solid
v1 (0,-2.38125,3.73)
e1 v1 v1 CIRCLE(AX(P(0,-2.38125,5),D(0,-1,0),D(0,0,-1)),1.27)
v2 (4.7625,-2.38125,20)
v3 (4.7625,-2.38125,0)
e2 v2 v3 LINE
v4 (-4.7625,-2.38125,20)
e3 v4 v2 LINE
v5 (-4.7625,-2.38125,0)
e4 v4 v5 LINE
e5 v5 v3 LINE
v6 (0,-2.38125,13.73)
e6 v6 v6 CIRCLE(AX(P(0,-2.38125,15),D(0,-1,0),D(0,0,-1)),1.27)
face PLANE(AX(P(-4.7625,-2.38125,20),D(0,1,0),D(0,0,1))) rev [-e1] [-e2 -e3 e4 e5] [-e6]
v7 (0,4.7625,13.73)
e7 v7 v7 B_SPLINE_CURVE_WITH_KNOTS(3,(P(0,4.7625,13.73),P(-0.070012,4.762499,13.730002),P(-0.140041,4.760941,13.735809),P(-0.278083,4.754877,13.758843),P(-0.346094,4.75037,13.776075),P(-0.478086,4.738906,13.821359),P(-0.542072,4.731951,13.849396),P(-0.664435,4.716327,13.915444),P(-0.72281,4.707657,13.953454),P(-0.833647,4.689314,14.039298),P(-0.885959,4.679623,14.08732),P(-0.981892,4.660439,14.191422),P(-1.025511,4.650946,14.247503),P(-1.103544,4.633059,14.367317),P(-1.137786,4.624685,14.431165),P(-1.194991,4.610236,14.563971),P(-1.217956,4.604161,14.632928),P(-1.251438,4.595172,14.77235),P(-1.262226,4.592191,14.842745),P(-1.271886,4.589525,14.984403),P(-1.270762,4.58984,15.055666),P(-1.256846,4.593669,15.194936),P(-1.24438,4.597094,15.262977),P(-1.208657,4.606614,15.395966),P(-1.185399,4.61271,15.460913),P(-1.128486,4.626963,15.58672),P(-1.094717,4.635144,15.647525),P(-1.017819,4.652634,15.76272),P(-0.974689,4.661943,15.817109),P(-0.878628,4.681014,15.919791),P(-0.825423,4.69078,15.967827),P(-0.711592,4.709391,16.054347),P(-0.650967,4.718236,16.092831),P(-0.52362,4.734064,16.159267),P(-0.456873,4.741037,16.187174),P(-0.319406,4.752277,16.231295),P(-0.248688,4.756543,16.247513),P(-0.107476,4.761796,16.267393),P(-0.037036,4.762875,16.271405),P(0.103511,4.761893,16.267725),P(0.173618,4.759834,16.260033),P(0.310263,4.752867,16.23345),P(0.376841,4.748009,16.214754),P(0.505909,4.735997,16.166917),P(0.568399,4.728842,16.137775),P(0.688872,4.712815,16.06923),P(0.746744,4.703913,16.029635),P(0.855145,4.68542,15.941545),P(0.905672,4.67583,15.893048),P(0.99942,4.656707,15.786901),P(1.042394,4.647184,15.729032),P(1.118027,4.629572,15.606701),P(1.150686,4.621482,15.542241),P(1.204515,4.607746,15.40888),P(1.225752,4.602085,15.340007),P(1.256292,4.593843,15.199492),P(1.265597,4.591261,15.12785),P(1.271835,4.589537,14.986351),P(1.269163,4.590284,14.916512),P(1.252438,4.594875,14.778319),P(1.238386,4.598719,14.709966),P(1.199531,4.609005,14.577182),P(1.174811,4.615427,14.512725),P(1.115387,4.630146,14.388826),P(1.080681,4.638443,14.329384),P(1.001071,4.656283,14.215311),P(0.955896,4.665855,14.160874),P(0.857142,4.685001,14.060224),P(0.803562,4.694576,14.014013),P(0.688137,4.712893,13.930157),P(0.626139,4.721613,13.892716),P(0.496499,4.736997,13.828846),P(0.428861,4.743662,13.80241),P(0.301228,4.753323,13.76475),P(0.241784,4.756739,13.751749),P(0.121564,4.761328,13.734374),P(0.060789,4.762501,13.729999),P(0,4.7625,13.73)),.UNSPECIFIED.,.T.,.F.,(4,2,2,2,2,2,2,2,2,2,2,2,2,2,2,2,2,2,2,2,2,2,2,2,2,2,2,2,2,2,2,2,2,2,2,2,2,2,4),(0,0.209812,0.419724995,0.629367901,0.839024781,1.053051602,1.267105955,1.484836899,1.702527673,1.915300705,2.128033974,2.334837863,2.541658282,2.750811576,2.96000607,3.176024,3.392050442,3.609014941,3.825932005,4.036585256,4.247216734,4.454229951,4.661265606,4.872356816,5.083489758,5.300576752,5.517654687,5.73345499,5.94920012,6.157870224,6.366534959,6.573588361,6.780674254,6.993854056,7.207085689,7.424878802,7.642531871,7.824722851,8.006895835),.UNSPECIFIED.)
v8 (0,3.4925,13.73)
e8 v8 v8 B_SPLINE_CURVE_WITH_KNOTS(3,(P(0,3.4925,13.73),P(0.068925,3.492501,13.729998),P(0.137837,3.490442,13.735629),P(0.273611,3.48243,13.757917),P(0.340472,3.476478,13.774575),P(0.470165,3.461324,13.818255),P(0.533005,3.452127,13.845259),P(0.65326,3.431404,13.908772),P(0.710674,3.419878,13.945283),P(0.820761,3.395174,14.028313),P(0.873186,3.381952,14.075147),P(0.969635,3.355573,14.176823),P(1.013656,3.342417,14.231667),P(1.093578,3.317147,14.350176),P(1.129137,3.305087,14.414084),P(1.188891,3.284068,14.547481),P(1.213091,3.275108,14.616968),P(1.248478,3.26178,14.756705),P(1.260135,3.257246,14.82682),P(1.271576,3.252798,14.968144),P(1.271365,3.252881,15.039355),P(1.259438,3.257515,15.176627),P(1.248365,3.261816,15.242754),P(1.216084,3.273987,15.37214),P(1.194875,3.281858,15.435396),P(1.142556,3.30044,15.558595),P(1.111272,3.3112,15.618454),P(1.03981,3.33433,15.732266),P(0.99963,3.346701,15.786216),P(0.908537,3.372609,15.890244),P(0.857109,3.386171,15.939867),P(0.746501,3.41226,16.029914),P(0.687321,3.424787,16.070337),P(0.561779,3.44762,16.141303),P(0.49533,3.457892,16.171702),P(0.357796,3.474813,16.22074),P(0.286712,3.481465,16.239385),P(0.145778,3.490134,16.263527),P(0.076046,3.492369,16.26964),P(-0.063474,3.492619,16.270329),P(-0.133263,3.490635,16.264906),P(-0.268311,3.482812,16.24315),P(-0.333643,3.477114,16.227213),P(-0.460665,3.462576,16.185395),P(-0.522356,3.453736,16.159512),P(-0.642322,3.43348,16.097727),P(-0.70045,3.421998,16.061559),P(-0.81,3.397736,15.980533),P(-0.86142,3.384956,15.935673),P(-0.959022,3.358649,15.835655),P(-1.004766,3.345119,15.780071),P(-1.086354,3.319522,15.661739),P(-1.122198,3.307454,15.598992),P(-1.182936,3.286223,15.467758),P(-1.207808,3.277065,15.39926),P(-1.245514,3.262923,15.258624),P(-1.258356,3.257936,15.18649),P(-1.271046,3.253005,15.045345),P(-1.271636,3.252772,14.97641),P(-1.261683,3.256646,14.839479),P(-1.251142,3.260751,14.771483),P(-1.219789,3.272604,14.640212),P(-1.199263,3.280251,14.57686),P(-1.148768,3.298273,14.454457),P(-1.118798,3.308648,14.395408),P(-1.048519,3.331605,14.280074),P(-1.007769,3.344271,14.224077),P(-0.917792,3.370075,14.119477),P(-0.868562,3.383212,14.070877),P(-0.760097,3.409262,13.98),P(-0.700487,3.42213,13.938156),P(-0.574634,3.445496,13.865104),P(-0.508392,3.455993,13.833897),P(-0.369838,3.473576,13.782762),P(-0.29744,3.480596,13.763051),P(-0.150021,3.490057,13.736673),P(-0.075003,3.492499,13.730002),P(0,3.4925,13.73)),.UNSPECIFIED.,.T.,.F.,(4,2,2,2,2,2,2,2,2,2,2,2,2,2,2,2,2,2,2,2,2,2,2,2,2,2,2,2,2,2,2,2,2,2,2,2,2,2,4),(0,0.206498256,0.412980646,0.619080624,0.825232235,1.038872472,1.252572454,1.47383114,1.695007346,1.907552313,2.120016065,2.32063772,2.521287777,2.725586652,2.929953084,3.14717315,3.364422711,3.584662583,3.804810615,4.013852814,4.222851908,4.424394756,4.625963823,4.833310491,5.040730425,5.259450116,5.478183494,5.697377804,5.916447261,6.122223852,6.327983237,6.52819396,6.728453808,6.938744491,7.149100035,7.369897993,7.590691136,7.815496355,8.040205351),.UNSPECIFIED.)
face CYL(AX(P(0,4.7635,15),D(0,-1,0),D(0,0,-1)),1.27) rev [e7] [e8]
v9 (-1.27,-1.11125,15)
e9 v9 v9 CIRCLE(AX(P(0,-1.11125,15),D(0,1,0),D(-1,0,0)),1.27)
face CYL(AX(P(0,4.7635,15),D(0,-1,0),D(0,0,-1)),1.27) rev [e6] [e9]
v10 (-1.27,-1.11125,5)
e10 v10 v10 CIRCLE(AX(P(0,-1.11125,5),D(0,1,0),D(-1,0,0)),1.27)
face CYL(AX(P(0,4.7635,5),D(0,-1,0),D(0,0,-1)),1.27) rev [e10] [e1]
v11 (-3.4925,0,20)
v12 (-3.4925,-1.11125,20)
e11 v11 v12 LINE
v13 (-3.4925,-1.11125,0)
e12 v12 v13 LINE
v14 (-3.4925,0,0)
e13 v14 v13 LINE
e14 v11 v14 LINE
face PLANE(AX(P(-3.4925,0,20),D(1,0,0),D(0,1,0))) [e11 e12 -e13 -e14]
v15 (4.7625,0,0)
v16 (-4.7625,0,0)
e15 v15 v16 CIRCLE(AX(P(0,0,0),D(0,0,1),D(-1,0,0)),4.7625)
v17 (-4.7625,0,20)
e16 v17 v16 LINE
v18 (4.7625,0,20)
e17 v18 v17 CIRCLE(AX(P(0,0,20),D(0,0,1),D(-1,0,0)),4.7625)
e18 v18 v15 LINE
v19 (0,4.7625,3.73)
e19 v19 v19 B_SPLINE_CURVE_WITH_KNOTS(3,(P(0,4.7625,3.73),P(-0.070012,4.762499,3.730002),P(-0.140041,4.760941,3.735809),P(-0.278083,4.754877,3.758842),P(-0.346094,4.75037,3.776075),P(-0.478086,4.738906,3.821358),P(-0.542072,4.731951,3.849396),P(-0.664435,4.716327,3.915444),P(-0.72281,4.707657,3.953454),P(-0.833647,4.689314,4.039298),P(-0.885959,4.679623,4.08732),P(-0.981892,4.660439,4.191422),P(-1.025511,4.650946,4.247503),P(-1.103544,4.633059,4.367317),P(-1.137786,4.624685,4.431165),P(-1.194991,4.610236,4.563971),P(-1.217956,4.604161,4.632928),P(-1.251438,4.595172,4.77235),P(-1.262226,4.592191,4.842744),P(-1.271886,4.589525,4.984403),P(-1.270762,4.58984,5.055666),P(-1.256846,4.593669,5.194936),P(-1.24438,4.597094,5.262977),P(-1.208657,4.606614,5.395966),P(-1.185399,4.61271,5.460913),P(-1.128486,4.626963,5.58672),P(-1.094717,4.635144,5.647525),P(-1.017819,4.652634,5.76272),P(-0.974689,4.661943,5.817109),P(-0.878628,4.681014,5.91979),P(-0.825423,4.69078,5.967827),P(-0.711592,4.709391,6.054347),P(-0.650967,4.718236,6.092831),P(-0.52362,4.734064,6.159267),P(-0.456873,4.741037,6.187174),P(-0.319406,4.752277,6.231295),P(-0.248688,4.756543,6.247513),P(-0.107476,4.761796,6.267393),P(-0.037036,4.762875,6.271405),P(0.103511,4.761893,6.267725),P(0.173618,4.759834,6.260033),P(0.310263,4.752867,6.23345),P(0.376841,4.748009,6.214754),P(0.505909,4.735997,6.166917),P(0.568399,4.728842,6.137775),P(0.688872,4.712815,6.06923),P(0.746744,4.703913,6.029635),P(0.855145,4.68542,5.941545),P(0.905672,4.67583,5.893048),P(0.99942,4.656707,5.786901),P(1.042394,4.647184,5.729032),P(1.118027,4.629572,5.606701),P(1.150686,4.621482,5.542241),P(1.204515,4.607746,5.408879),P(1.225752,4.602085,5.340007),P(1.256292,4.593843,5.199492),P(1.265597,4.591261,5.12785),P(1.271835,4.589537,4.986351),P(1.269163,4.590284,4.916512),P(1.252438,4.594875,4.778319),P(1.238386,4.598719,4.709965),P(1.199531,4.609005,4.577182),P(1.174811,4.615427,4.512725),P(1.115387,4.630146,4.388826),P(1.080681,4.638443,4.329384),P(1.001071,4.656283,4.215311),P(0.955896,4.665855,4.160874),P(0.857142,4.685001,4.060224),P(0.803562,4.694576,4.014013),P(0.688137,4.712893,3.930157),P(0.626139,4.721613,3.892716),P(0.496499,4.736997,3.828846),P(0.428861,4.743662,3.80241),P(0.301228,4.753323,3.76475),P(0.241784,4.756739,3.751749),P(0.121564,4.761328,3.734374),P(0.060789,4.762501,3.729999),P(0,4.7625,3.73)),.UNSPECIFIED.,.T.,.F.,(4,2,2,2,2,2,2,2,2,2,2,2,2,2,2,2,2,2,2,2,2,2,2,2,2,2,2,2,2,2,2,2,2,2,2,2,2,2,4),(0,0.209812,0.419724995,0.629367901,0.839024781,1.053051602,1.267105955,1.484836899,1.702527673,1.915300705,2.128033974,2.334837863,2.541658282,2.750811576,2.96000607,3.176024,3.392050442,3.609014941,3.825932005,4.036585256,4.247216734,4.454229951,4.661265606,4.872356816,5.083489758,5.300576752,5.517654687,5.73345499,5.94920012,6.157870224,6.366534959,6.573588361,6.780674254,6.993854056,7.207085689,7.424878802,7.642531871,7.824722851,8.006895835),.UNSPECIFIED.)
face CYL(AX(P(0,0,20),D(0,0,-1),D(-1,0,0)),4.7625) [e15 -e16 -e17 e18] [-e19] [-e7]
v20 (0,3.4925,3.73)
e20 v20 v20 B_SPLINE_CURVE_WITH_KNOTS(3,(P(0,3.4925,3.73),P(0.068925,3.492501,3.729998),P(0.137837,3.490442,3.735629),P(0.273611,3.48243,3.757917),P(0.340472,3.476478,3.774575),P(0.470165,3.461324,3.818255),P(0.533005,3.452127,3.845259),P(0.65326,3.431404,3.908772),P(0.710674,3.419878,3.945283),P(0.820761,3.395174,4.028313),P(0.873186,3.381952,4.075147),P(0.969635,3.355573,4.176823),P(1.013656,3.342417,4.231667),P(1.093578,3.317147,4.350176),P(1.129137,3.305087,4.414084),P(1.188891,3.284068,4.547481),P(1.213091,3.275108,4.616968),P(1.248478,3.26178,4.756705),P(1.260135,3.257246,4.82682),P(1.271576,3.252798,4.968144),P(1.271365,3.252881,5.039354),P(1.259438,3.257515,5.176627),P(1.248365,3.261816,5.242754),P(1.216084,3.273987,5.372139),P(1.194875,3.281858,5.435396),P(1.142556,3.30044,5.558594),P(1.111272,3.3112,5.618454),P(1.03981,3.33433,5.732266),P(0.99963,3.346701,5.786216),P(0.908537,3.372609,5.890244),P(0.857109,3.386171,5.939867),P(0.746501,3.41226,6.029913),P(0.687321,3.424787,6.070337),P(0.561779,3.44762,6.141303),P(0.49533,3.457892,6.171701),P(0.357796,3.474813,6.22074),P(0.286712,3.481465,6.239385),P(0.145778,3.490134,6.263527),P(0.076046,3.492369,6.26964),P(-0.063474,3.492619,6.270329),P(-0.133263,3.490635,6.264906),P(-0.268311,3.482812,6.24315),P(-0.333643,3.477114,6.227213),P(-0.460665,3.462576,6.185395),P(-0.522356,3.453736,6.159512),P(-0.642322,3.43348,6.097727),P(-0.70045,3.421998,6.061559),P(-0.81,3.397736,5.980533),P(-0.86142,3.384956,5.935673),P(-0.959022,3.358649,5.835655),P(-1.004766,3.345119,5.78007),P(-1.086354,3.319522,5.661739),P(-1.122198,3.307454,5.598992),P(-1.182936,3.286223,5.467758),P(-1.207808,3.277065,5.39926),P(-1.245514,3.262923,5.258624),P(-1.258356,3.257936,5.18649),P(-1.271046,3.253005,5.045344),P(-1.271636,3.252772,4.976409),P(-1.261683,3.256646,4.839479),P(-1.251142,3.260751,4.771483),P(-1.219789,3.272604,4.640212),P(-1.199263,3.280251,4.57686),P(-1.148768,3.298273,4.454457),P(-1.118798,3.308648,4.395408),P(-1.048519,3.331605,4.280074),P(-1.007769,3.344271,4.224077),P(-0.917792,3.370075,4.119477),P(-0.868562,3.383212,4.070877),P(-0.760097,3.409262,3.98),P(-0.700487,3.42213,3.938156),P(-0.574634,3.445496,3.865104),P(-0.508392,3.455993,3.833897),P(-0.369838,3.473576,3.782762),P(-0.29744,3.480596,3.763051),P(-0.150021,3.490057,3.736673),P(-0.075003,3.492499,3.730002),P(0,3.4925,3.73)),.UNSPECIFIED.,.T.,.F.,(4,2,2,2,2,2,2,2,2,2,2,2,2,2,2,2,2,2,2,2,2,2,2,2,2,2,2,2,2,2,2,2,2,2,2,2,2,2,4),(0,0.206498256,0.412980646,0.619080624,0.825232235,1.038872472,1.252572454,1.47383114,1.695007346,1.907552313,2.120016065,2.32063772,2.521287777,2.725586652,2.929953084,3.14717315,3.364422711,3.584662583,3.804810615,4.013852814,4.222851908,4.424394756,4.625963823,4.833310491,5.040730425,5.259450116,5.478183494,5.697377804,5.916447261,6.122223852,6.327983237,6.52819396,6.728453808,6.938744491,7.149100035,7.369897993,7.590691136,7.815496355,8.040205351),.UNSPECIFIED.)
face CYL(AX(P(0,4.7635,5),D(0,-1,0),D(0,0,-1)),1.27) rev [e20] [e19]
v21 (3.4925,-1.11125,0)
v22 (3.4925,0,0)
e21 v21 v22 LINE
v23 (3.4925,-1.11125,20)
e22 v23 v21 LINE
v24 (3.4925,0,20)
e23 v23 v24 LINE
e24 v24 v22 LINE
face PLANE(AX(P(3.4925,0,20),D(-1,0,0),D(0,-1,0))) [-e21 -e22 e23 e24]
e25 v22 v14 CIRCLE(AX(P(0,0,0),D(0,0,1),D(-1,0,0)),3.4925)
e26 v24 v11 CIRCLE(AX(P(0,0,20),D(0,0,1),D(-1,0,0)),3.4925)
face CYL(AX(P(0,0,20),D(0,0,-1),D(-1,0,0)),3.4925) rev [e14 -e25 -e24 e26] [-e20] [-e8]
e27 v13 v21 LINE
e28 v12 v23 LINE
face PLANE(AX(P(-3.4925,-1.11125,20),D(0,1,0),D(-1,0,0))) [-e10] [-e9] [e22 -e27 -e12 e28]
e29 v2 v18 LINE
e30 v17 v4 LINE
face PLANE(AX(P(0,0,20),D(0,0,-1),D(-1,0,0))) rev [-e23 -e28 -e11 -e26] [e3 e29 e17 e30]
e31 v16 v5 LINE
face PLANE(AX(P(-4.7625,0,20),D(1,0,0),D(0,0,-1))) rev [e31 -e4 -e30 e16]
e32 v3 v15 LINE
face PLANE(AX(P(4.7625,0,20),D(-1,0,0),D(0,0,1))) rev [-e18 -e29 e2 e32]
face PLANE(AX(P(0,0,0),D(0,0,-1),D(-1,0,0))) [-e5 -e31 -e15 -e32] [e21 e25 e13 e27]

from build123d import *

# Parameters (mm, degrees)
BOSS_EXTRUDE1_DEPTH = 20
CUT_EXTRUDE1_START  = -7.14375
SKETCH2_R           = 1.27
CUT_EXTRUDE1_DEPTH  = 7.14375


with BuildPart() as part:
    # Sketch1 → Boss-Extrude1 (new body)
    with BuildSketch(Plane.XY):
        with BuildLine():
            Line((-4.7625, -2.38125), (4.7625, -2.38125))
            Line((4.7625, -2.38125), (4.7625, 0))
            ThreePointArc((4.7625, 0), (0, 4.7625), (-4.7625, 0))
            Line((-4.7625, 0), (-4.7625, -2.38125))
        make_face()
        with BuildLine():
            Line((-3.4925, -1.11125), (3.4925, -1.11125))
            Line((3.4925, -1.11125), (3.4925, 0))
            ThreePointArc((3.4925, 0), (0, 3.4925), (-3.4925, 0))
            Line((-3.4925, 0), (-3.4925, -1.11125))
        make_face(mode=Mode.SUBTRACT)
    extrude(amount=BOSS_EXTRUDE1_DEPTH)

    # Sketch2 → Cut-Extrude1 (cut)
    with BuildSketch(Plane(origin=(0, -2.38125, 0), x_dir=(-1, 0, 0), z_dir=(0, -1, 0)).offset(CUT_EXTRUDE1_START)):
        with Locations((0, -15.000000033)):
            Circle(SKETCH2_R)
        with Locations((0, -4.999999967)):
            Circle(SKETCH2_R)
    extrude(amount=CUT_EXTRUDE1_DEPTH, mode=Mode.SUBTRACT)


solid = part.part
